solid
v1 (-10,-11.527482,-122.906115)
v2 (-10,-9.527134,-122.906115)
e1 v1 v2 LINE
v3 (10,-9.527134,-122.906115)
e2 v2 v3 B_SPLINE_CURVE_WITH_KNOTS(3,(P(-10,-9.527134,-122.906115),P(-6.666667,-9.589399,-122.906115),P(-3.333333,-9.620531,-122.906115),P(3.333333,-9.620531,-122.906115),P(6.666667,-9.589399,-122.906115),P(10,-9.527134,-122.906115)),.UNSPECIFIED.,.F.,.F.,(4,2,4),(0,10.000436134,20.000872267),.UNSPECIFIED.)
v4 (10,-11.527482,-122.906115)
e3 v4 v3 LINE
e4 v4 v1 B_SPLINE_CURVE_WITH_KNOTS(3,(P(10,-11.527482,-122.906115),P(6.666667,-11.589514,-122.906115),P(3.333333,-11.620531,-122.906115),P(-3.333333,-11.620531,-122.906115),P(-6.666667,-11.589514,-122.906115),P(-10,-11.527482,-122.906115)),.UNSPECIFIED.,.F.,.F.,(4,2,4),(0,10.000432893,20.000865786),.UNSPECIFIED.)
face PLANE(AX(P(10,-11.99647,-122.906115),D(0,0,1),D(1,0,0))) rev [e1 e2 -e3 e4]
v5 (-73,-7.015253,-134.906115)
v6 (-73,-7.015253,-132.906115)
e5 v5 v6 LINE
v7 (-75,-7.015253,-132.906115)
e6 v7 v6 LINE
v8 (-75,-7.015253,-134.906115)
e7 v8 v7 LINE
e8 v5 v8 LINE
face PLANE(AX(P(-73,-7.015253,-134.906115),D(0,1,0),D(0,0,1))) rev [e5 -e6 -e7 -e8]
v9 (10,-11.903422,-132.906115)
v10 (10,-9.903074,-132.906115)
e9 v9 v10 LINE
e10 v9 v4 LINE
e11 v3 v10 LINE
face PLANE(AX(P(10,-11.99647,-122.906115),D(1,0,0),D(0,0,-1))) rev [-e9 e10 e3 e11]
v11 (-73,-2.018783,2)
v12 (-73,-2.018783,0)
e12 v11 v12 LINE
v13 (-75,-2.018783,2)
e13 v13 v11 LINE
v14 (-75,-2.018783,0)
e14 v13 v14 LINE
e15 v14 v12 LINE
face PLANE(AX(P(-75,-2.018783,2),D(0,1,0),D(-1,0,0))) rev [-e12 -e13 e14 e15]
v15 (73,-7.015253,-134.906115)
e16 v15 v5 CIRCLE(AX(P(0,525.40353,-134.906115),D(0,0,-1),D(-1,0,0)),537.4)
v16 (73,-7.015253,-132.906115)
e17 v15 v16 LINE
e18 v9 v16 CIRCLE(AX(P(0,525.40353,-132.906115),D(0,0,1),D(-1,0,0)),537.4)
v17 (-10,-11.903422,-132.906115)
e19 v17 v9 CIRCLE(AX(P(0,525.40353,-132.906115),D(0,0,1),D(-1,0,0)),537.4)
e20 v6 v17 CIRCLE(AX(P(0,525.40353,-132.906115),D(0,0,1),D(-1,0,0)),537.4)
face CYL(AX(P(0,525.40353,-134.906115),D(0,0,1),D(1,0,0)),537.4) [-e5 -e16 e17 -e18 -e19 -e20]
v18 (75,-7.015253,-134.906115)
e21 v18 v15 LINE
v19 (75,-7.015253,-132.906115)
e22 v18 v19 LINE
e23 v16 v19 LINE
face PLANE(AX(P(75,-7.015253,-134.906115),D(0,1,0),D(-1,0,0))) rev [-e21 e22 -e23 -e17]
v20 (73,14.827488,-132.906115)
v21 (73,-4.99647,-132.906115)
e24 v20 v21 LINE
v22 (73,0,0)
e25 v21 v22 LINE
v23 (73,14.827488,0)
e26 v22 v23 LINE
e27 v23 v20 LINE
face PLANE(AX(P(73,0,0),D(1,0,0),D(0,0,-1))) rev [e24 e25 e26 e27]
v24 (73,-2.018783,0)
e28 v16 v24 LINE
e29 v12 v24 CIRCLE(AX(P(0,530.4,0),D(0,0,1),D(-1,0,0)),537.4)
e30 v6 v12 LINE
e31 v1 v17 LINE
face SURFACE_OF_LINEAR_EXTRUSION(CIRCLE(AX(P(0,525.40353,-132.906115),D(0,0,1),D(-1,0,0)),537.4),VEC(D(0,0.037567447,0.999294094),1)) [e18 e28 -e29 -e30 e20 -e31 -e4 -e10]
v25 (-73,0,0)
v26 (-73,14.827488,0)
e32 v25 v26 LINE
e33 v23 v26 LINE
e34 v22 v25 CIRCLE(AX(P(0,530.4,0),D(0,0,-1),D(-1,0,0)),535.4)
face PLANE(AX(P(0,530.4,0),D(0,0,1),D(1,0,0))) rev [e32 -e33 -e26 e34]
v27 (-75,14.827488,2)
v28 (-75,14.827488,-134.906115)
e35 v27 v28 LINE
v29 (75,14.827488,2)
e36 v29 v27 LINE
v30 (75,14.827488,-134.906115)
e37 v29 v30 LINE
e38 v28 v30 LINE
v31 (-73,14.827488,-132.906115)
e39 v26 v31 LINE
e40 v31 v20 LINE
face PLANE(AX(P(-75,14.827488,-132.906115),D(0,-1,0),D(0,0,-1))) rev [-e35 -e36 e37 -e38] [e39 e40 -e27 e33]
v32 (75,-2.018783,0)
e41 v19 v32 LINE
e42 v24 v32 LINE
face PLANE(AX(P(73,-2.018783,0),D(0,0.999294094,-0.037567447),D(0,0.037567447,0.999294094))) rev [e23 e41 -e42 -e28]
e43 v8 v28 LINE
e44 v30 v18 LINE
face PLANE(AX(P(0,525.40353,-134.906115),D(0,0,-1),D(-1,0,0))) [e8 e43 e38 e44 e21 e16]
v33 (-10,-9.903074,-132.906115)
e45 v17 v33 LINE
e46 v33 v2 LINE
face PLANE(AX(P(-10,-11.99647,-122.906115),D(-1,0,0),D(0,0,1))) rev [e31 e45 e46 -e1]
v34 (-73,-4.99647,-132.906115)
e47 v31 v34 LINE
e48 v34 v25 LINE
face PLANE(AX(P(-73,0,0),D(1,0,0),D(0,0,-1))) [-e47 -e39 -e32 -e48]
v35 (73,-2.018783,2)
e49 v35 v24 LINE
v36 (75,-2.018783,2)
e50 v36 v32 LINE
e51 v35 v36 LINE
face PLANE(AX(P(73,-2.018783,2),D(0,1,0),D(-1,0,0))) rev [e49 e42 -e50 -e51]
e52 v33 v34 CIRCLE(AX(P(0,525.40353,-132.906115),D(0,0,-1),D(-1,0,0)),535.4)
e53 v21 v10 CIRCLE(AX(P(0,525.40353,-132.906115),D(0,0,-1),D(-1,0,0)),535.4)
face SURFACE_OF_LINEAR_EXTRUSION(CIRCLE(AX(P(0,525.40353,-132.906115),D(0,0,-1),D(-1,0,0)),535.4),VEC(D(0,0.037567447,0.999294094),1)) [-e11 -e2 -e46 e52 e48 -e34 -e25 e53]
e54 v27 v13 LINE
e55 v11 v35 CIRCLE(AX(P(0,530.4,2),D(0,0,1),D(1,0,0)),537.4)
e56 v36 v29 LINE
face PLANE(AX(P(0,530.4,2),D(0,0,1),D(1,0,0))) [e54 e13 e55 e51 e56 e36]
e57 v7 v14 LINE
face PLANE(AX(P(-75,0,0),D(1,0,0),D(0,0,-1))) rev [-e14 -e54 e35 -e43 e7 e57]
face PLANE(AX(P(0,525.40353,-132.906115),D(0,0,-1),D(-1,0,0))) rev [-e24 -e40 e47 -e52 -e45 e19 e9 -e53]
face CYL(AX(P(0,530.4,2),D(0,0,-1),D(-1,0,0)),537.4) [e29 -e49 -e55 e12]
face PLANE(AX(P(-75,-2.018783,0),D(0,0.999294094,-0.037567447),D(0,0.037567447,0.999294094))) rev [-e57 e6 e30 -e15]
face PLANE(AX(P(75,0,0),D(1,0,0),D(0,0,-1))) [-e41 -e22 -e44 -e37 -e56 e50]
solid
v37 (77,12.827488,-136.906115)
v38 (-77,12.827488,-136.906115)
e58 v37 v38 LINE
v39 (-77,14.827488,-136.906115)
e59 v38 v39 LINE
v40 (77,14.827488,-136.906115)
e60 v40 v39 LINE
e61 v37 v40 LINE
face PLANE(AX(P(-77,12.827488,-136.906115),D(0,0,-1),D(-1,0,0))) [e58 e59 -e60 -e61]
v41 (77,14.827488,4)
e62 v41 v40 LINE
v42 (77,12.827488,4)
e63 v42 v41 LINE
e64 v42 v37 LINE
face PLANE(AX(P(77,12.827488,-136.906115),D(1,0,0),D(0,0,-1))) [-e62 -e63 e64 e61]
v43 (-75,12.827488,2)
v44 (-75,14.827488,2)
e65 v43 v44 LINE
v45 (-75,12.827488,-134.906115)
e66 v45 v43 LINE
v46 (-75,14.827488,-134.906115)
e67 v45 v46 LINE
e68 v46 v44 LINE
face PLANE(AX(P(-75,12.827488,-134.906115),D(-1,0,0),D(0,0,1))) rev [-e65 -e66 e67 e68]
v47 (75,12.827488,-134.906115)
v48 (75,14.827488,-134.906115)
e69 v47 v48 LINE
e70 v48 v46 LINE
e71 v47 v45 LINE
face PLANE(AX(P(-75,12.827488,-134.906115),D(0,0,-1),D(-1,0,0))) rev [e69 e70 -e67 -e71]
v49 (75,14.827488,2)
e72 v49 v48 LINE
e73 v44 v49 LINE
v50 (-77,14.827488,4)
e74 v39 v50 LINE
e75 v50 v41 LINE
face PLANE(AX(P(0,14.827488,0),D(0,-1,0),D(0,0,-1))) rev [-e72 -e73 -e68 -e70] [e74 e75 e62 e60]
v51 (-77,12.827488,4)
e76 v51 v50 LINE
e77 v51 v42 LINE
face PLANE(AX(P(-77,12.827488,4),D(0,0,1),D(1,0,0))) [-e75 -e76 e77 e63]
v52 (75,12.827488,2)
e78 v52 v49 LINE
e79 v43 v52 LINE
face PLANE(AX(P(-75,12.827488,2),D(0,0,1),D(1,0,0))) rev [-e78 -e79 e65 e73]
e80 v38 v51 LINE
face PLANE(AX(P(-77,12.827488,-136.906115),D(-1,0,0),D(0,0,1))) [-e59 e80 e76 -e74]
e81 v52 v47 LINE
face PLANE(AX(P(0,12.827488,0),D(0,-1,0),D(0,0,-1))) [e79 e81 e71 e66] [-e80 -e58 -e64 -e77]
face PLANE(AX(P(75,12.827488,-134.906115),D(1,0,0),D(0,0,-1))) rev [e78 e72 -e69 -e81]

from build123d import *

# Parameters (mm, degrees)
BOSS_EXTRUDE1_DEPTH = 133
BOSS_EXTRUDE2_DEPTH = 2
LPATTERN1_COUNT     = 2
LPATTERN1_PITCH     = 148
BOSS_EXTRUDE3_DEPTH = 2
BOSS_EXTRUDE4_DEPTH = 2
SKETCH10_W          = 154
SKETCH10_H          = 140.906114543
SKETCH10_W_2        = 150
SKETCH10_H_2        = 136.906114543
BOSS_EXTRUDE5_DEPTH = 2
SKETCH11_W          = 20
SKETCH11_H          = 10
CUT_EXTRUDE1_DEPTH  = 160.348074773


with BuildPart() as part:
    # Sketch1 → Boss-Extrude1 (new, along a direction that is not the sketch's normal)
    with BuildSketch(Plane.XY):
        with BuildLine():
            Line((73, 0), (73, -2.018782539))
            ThreePointArc((73, -2.018782539), (0, -7), (-73, -2.018782539))
            Line((-73, -2.018782539), (-73, 0))
            ThreePointArc((-73, 0), (0, -5), (73, 0))
        make_face()
    extrude(amount=-BOSS_EXTRUDE1_DEPTH, dir=(0, 0.03756744715435067, 0.9992940943057279))

    # Sketch3 → Boss-Extrude2 (add)
    with BuildSketch(Plane.ZY.offset(73)):
        Polygon((-132.906114543, -4.996470472), (-132.906114543, 14.827487749), (0, 14.827487749), (0, -2.018782539), (-132.906114543, -7.01525301), align=None)
    boss_extrude2 = extrude(amount=BOSS_EXTRUDE2_DEPTH)

    # LPattern1: Boss-Extrude2 ×2
    with Locations(*[(i * LPATTERN1_PITCH, 0, 0) for i in range(1, LPATTERN1_COUNT)]):
        add(boss_extrude2)

    # Sketch6 → Boss-Extrude3 (add)
    with BuildSketch(Plane.XY):
        with BuildLine():
            Line((-73, 14.827487749), (73, 14.827487749))
            Line((73, 14.827487749), (75, 14.827487749))
            Line((75, 14.827487749), (75, -2.018782539))
            Line((75, -2.018782539), (73, -2.018782539))
            ThreePointArc((73, -2.018782539), (0, -7), (-73, -2.018782539))
            Line((-73, -2.018782539), (-75, -2.018782539))
            Line((-75, -2.018782539), (-75, 14.827487749))
            Line((-75, 14.827487749), (-73, 14.827487749))
        make_face()
    extrude(amount=BOSS_EXTRUDE3_DEPTH)

    # Sketch7 → Boss-Extrude4 (add)
    with BuildSketch(Plane(origin=(0, 0, -132.906114543), x_dir=(-1, 0, 0), z_dir=(0, 0, -1))):
        with BuildLine():
            Line((-73, 14.827487749), (73, 14.827487749))
            Line((73, 14.827487749), (75, 14.827487749))
            Line((75, 14.827487749), (75, -7.01525301))
            Line((75, -7.01525301), (73, -7.01525301))
            ThreePointArc((73, -7.01525301), (0, -11.996470472), (-73, -7.01525301))
            Line((-73, -7.01525301), (-75, -7.01525301))
            Line((-75, -7.01525301), (-75, 14.827487749))
            Line((-75, 14.827487749), (-73, 14.827487749))
        make_face()
    extrude(amount=BOSS_EXTRUDE4_DEPTH)

    # Sketch11 → Cut-Extrude1 (cut, through all)
    with BuildSketch(Plane(origin=(0, 14.827487749, 0), x_dir=(1, 0, 0), z_dir=(0, 1, 0))):
        with Locations((0, 127.906114543)):
            Rectangle(SKETCH11_W, SKETCH11_H)
    extrude(amount=-CUT_EXTRUDE1_DEPTH, mode=Mode.SUBTRACT)


with BuildPart() as body_2:
    # Sketch10 → Boss-Extrude5 (new body)
    with BuildSketch(Plane(origin=(0, 14.827487749, 0), x_dir=(1, 0, 0), z_dir=(0, 1, 0))):
        with Locations((0, 66.453057272)):
            Rectangle(SKETCH10_W, SKETCH10_H)
        with Locations((0, 66.453057272)):
            Rectangle(SKETCH10_W_2, SKETCH10_H_2, mode=Mode.SUBTRACT)
    extrude(amount=-BOSS_EXTRUDE5_DEPTH)


solid = Compound([part.part, body_2.part])
